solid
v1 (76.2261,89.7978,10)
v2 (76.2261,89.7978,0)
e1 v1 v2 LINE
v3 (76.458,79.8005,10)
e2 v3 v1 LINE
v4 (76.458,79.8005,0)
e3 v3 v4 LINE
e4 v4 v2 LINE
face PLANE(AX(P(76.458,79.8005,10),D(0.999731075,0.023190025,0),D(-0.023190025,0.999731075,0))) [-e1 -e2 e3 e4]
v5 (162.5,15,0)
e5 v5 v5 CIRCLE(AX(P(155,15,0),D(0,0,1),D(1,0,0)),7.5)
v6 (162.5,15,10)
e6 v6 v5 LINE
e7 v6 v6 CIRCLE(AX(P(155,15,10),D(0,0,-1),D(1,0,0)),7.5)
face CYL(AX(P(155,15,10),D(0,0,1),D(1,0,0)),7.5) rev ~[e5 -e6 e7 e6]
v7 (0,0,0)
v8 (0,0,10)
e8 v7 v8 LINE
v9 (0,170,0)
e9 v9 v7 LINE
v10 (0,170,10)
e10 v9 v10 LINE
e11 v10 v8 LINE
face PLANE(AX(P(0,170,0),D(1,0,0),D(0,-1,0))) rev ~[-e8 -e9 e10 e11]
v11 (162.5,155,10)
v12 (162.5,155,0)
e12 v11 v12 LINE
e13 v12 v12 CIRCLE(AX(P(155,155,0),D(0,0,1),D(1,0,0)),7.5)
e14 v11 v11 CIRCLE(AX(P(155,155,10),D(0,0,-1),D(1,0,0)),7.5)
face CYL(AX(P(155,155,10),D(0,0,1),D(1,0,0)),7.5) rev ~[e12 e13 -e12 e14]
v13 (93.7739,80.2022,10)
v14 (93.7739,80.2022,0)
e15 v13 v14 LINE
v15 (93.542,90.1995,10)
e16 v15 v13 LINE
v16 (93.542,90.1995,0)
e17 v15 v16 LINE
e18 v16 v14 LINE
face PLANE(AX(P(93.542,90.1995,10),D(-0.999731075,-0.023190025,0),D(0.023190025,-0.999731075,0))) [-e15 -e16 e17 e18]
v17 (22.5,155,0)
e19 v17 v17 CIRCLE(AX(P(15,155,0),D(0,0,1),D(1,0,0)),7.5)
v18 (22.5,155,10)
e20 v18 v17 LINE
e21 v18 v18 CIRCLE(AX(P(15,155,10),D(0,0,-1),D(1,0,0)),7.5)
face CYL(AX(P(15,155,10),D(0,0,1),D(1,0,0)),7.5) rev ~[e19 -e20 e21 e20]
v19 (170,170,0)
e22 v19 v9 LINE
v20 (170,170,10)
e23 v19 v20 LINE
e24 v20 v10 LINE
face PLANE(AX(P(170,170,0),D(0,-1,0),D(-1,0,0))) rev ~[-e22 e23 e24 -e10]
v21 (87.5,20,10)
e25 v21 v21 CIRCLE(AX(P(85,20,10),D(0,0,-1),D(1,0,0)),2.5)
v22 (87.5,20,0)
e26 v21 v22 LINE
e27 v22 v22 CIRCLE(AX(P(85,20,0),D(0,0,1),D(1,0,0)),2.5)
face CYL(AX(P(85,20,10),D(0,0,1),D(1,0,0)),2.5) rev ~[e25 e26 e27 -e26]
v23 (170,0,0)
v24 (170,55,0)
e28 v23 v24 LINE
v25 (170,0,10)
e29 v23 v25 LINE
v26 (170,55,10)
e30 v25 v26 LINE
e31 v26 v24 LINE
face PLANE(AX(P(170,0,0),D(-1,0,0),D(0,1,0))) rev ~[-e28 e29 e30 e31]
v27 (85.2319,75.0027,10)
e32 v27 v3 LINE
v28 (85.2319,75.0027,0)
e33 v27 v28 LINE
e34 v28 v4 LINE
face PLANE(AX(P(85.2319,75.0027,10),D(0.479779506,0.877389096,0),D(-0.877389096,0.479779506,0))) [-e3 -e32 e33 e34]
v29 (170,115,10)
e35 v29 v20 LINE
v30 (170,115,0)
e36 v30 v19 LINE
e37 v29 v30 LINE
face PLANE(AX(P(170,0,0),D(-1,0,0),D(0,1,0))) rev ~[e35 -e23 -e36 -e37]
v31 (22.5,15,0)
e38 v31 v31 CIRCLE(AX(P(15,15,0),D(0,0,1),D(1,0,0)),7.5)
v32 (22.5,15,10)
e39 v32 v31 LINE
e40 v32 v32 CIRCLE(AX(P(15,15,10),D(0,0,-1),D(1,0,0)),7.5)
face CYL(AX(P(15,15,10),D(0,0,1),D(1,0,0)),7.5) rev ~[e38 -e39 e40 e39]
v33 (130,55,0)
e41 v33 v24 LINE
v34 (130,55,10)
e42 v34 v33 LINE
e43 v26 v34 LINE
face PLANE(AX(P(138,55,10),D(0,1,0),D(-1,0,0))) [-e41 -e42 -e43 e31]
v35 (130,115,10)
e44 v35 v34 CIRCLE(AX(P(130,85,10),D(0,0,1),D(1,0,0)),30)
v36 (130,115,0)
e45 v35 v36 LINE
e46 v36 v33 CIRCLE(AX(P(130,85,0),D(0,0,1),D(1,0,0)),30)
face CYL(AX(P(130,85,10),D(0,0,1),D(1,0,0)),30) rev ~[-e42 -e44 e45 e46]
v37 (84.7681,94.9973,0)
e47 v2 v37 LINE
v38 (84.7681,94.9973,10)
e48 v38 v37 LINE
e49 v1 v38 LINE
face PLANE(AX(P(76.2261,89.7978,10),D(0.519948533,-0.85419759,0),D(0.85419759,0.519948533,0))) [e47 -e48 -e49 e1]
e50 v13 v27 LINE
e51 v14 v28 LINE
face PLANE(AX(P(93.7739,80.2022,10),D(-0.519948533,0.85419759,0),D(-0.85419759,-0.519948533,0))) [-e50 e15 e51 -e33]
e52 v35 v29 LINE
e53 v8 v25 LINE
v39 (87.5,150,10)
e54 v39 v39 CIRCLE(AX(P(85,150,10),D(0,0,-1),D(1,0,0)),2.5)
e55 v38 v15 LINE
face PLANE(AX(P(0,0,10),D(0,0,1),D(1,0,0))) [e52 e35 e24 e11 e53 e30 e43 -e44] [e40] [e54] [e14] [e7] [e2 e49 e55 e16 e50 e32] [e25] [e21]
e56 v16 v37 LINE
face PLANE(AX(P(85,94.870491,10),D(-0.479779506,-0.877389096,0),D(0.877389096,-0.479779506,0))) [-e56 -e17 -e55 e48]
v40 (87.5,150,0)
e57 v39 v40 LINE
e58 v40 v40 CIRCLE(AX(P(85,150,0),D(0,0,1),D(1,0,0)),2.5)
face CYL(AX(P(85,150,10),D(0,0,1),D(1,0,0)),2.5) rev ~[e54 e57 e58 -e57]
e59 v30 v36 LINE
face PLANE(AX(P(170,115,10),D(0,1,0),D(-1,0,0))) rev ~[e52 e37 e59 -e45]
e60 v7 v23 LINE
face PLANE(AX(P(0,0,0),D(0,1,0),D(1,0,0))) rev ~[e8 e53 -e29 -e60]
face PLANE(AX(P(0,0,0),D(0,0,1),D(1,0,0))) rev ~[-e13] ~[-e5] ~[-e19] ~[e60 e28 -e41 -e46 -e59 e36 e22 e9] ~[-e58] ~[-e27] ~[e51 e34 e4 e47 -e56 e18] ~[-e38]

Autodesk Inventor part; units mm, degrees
ref_plane "YZ Plane" through (0, 0, 0) normal (1, 0, 0) x (0, 1, 0)
ref_plane "XZ Plane" through (0, 0, 0) normal (0, 1, 0) x (-1, 0, 0)
ref_plane "XY Plane" through (0, 0, 0) normal (0, 0, 1) x (1, 0, 0)
sketch "Sketch1" plane through (0, 0, 0) normal (0, 0, 1) x (1, 0, 0)
  line L0 (0, 0) -> (170, 0)
  line L1 (170, 0) -> (170, 170)
  line L2 (170, 170) -> (0, 170)
  line L3 (0, 170) -> (0, 0)
  dimension "d0" = 170
  dimension "d1" = 170
extrude "Extrusion1" add sketch "Sketch1" along normal blind 10
sketch "Sketch2" plane through (0, 0, 10) normal (0, 0, 1) x (1, 0, 0)
  line L0 (170, 170) -> (0, 170) projected
  line L1 (0, 170) -> (0, 155)
  line L2 (0, 170) -> (0, 0) projected
  line L3 (0, 0) -> (170, 0) projected
  line L4 (0, 0) -> (0, 15)
  line L5 (0, 15) -> (155, 15)
  line L6 (155, 15) -> (155, 155)
  line L7 (155, 155) -> (15, 155)
  line L8 (15, 155) -> (15, 15)
  line L9 (15, 155) -> (30, 155)
  circle A0 centre (15, 155) radius 7.5
  circle A1 centre (155, 155) radius 7.5
  circle A2 centre (155, 15) radius 7.5
  circle A3 centre (15, 15) radius 7.5
  dimension "d4" = 15
  dimension "d5" = 15
  dimension "d6" = 155
  dimension "d7" = 140
  dimension "d8" = 140
  dimension "d9" = 140
  dimension "d10" = 15
  dimension "d11" = 15
  dimension "d12" = 15
  dimension "d13" = 15
extrude "Extrusion2" cut sketch "Sketch2" against normal blind 10 contours L8 A3 L5 | L5 A3 | L5 A3 L8 | A2 L6 L5 | L5 L6 A2 | A0 L7 L8 | L8 L7 A0 | A1 L7 L6 | L6 L7 A1
sketch "Sketch3" plane through (0, 0, 10) normal (0, 0, 1) x (1, 0, 0)
  line L0 (170, 170) -> (0, 170) projected
  line L1 (0, 170) -> (85, 170)
  line L2 (85, 170) -> (85, 85)
  line L3 (93.542, 90.1995) -> (93.7739, 80.2022)
  line L4 (93.7739, 80.2022) -> (85.2319, 75.0027)
  line L5 (85.2319, 75.0027) -> (76.458, 79.8005)
  line L6 (76.458, 79.8005) -> (76.2261, 89.7978)
  line L7 (76.2261, 89.7978) -> (84.7681, 94.9973)
  line L8 (84.7681, 94.9973) -> (93.542, 90.1995)
  point P0 (0, 0)
  dimension "d16" = 85
  dimension "d17" = 85
  dimension "d18" = 10
extrude "Extrusion3" cut sketch "Sketch3" against normal blind 10
sketch "Sketch4" plane through (0, 0, 10) normal (0, 0, 1) x (1, 0, 0)
  line L0 (170, 170) -> (0, 170) projected
  line L1 (0, 170) -> (85, 170)
  line L2 (85, 170) -> (85, 150)
  line L3 (85, 150) -> (85, 20)
  circle A0 centre (85, 150) radius 2.5
  circle A1 centre (85, 20) radius 2.5
  point P0 (0, 0)
  dimension "d21" = 85
  dimension "d22" = 20
  dimension "d23" = 130
  dimension "d24" = 5
  dimension "d25" = 5
extrude "Extrusion4" cut sketch "Sketch4" against normal blind 10
sketch "Sketch5" plane through (0, 0, 10) normal (0, 0, 1) x (1, 0, 0)
  line L0 (170, 170) -> (0, 170) projected
  line L1 (170, 170) -> (170, 85)
  line L2 (170, 0) -> (170, 170) projected
  point P0 (0, 0)
  dimension "d28" = 85
sketch "Sketch6" plane through (0, 0, 10) normal (0, 0, 1) x (1, 0, 0)
  line L0 (170, 0) -> (170, 170) projected
  line L1 (170, 85) -> (130, 85)
  circle A0 centre (130, 85) radius 30
  point P0 (0, 0)
  dimension "d29" = 40
  dimension "d30" = 60
extrude "Extrusion5" cut sketch "Sketch6" against normal blind 10
sketch "Sketch7" plane through (0, 0, 10) normal (0, 0, 1) x (1, 0, 0)
  line L0 (170, 0) -> (170, 170) projected
  line L1 (170, 85) -> (170, 55)
  line L2 (170, 55) -> (170, 115)
  line L3 (170, 115) -> (157, 115)
  line L4 (157, 115) -> (157, 55)
  line L5 (157, 55) -> (170, 55)
  line L6 (170, 55) -> (170, 115)
  point P0 (0, 0)
  dimension "d33" = 30
  dimension "d34" = 60
extrude "Extrusion6" cut sketch "Sketch7" against normal blind 10
sketch "Sketch8" plane through (0, 0, 10) normal (0, 0, 1) x (1, 0, 0)
  line L0 (157, 55) -> (157, 71.9233) projected
  line L1 (157, 55) -> (138, 55)
  line L2 (138, 55) -> (130, 55)
  arc A0 (157, 98.0767) -> (157, 71.9233) centre (130, 85) ccw projected
  point P0 (0, 0)
extrude "Extrusion7" cut sketch "Sketch8" against normal blind 10
sketch "Sketch9" plane through (0, 0, 10) normal (0, 0, 1) x (1, 0, 0)
  line L0 (157, 115) -> (157, 98.0767) projected
  line L1 (157, 115) -> (130, 115)
  arc A0 (157, 98.0767) -> (130, 55) centre (130, 85) ccw projected
  point P0 (0, 0)
extrude "Extrusion8" cut sketch "Sketch9" against normal blind 10
properties part number "AC"
